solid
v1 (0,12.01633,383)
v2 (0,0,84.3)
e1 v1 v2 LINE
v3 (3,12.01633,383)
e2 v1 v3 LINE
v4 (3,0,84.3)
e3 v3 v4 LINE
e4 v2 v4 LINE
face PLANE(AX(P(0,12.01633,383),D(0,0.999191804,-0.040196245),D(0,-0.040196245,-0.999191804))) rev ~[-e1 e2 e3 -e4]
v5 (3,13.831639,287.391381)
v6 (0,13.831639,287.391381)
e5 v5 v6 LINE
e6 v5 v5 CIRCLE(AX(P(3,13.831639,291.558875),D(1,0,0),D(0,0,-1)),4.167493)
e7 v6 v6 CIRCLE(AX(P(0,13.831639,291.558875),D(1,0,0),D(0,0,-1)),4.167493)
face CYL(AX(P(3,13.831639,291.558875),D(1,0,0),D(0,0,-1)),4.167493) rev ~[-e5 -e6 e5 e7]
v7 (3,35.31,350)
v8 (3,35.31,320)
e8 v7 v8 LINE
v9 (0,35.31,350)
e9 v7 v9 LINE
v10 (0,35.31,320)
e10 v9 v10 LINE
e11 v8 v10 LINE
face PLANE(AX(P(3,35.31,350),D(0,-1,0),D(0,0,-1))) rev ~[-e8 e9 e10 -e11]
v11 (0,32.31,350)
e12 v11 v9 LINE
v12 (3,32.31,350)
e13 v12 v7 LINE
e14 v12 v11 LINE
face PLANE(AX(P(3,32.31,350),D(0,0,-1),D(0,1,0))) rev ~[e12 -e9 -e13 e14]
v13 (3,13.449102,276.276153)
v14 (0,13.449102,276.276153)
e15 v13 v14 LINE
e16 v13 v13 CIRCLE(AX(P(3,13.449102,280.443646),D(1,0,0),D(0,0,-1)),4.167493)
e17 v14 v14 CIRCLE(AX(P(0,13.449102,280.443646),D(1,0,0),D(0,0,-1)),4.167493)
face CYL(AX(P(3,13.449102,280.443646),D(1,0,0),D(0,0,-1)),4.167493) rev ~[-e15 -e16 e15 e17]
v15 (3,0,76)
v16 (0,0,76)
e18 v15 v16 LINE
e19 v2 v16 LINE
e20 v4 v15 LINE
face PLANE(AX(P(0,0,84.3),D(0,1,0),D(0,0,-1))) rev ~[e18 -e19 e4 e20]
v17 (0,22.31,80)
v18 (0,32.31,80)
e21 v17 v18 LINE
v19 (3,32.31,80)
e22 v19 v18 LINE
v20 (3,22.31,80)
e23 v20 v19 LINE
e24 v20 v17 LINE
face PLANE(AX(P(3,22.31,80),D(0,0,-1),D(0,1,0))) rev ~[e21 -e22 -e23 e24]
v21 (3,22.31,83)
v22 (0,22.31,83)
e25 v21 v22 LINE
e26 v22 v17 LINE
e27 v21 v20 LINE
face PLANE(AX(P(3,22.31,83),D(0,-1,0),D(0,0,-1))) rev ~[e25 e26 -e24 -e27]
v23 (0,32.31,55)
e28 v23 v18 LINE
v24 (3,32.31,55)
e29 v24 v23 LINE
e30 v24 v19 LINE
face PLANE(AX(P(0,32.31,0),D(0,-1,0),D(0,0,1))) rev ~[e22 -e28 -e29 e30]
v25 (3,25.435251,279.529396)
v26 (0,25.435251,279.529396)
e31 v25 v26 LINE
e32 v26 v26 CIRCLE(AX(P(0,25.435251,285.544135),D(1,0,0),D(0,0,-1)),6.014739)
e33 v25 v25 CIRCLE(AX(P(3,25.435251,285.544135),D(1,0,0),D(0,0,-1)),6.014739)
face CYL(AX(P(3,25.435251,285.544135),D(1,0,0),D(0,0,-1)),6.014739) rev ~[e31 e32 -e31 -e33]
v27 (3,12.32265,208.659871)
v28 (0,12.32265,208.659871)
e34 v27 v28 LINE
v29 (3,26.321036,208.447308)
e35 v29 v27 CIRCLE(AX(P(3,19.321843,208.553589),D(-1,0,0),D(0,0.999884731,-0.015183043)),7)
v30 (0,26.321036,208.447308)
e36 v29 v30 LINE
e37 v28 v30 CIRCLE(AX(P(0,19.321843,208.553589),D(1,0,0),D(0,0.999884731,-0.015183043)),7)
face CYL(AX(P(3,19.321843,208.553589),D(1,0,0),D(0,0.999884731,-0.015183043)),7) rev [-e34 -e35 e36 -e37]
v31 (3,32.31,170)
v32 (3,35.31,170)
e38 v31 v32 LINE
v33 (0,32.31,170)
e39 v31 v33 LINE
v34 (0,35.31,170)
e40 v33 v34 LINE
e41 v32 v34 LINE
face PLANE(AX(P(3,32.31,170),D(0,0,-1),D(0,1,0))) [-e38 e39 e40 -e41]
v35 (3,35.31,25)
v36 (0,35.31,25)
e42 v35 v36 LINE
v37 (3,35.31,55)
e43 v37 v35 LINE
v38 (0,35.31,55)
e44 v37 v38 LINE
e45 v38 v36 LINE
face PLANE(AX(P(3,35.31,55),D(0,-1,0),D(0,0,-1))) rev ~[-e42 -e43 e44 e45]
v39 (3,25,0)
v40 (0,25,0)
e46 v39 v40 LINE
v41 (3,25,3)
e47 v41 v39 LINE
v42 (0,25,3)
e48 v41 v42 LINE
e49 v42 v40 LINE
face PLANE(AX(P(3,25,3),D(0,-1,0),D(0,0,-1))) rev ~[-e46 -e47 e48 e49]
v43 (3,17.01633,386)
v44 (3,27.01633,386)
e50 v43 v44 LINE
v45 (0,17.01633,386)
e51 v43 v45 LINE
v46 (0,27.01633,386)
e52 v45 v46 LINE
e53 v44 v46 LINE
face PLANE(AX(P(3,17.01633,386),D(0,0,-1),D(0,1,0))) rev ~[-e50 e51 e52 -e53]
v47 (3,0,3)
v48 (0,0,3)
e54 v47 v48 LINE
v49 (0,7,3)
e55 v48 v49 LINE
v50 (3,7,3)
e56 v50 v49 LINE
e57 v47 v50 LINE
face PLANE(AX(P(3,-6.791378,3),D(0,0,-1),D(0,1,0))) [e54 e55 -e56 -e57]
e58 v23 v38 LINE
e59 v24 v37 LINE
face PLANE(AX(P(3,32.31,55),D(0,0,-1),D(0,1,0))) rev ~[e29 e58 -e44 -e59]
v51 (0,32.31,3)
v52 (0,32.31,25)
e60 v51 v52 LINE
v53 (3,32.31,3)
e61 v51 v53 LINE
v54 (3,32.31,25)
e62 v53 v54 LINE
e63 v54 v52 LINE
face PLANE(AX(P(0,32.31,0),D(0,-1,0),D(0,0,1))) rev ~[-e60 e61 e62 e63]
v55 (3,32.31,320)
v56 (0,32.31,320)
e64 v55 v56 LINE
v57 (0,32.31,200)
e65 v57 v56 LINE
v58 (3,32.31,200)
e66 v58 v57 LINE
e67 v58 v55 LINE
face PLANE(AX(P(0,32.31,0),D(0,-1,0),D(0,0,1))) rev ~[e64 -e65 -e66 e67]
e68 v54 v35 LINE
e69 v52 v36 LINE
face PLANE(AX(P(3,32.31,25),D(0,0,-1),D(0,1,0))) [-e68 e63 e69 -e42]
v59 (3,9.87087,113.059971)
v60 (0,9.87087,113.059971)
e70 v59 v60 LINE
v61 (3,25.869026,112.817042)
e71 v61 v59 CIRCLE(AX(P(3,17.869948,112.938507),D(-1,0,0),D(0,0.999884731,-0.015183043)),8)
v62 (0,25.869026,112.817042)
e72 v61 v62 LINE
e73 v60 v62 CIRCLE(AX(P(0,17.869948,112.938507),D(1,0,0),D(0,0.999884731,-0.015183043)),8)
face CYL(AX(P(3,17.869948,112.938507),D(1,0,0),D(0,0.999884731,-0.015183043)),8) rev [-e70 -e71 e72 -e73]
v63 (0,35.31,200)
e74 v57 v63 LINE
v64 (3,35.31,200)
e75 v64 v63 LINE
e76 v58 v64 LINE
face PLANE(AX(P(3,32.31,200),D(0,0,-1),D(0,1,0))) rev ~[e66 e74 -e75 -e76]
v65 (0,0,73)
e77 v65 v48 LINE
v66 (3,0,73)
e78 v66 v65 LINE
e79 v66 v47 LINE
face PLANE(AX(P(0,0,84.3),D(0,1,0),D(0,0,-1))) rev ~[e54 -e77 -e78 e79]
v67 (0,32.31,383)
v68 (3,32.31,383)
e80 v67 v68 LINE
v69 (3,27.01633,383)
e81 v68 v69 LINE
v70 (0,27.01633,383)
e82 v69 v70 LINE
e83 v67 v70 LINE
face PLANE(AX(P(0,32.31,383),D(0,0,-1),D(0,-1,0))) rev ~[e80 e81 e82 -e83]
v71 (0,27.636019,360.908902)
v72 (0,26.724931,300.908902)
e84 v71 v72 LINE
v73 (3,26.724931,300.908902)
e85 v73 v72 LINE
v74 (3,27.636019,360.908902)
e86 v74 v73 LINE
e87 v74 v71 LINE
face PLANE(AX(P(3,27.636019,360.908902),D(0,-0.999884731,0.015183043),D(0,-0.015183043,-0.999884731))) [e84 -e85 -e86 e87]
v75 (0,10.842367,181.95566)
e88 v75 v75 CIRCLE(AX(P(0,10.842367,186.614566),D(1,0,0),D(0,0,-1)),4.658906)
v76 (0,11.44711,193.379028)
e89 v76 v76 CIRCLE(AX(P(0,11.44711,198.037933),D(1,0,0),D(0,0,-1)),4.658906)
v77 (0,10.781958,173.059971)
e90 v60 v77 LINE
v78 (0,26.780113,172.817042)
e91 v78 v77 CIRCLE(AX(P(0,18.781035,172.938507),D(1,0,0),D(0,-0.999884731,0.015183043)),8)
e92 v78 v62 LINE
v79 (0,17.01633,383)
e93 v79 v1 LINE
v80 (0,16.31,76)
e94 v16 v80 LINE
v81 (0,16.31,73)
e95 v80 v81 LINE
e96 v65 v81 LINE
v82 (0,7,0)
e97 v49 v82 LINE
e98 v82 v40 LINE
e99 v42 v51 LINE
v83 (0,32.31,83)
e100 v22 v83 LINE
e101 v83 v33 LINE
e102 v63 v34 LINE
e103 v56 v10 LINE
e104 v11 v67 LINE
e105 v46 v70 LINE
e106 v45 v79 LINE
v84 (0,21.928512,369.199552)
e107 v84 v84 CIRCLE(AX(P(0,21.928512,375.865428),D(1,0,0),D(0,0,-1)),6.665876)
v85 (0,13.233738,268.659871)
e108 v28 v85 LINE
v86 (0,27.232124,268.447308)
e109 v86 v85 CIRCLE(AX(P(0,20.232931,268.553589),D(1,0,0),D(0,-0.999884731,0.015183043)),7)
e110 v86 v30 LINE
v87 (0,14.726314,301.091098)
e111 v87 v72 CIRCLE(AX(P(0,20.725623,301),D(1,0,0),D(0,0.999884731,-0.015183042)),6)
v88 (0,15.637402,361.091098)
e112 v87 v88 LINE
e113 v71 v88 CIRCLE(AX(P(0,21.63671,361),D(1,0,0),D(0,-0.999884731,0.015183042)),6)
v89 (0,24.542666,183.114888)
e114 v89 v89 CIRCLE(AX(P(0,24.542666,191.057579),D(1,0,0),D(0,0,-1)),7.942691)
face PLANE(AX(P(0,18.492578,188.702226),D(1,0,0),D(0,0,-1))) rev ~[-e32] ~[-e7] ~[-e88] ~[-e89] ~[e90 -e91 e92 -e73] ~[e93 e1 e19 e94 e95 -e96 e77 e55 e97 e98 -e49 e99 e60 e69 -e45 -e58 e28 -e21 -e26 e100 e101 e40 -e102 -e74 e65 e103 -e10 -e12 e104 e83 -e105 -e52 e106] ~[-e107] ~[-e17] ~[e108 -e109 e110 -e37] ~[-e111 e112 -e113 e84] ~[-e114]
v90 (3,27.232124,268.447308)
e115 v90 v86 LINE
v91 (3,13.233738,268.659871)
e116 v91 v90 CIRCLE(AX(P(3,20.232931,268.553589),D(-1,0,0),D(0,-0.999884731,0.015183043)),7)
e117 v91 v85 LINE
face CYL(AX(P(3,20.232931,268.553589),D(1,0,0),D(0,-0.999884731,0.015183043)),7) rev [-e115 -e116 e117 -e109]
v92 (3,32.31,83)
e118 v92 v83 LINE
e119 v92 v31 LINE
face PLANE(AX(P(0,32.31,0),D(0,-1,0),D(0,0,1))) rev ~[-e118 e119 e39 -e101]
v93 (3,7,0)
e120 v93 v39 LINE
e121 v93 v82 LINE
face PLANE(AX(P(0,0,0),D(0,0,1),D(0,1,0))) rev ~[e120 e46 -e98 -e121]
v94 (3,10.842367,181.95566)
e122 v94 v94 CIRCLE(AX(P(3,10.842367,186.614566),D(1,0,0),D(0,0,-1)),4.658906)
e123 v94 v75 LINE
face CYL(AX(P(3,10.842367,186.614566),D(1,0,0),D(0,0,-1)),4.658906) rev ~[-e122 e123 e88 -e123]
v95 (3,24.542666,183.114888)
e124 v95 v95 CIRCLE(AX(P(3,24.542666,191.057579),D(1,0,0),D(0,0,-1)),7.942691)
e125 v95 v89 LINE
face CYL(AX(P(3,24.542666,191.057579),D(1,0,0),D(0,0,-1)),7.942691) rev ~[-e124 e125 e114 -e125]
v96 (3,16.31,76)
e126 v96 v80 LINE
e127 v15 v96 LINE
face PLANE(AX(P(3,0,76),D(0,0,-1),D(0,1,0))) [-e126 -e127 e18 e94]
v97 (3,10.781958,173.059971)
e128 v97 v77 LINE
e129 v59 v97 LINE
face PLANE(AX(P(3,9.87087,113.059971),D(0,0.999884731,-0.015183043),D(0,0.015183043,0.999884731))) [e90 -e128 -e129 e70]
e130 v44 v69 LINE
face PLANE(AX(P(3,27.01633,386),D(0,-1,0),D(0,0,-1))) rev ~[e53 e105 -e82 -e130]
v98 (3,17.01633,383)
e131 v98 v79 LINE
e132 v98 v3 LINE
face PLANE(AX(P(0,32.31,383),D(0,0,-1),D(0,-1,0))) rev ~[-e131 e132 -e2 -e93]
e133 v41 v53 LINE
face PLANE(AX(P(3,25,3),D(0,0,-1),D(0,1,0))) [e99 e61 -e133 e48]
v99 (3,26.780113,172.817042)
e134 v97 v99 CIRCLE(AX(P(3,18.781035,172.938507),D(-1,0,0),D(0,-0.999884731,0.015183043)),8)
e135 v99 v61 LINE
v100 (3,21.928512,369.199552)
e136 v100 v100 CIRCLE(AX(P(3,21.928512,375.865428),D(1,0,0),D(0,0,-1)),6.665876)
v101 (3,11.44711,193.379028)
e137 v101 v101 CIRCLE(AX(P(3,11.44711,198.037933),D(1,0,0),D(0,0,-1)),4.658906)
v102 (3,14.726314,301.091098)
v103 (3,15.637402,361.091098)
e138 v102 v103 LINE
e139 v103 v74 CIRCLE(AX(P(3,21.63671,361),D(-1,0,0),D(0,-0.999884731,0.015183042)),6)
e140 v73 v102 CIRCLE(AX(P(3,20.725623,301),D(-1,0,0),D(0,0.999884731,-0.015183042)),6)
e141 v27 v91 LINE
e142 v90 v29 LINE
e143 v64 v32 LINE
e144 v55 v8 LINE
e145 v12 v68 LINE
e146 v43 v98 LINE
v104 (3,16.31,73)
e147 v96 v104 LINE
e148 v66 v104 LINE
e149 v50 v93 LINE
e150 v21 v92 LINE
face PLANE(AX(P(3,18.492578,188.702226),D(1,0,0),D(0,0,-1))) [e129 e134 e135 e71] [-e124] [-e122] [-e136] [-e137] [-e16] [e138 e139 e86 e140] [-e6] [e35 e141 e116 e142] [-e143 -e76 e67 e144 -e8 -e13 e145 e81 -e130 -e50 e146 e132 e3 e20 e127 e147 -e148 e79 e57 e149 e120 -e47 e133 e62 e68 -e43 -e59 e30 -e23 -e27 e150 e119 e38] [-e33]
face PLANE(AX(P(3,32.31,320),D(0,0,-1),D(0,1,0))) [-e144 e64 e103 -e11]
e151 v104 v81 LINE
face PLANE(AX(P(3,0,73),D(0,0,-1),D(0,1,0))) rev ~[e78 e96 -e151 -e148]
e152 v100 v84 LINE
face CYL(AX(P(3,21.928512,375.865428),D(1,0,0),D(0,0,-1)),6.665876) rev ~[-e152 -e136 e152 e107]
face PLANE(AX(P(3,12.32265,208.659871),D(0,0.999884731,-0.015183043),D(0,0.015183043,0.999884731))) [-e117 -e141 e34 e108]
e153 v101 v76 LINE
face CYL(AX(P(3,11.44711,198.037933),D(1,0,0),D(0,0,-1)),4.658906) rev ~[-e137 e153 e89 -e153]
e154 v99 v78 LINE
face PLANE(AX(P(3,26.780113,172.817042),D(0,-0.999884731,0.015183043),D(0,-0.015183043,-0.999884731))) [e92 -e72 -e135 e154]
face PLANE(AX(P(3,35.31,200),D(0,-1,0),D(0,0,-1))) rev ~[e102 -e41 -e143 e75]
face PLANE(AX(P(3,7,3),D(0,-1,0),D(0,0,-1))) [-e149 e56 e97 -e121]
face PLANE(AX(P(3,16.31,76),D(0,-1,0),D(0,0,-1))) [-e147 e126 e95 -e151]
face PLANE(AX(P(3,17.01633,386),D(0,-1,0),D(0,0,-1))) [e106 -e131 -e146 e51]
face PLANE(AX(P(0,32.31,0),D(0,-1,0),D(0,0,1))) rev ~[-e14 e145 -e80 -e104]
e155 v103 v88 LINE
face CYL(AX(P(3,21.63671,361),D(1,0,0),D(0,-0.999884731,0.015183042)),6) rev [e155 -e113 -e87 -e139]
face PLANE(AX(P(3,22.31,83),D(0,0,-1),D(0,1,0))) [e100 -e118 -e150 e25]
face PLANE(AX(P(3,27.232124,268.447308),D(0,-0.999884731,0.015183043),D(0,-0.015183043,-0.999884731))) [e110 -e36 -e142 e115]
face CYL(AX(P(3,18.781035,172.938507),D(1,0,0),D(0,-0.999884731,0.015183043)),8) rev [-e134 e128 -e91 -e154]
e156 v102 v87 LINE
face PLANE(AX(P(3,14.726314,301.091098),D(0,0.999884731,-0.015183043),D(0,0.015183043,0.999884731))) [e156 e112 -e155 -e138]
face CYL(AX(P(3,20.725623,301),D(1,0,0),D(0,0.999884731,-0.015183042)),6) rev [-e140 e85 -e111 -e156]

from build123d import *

# Parameters (mm, degrees)
BOSS_EXTRUDE1_DEPTH = 3
SKETCH2_W           = 3
SKETCH2_H           = 10
SKETCH2_W_2         = 30
SKETCH2_H_2         = 3
BOSS_EXTRUDE2_DEPTH = 3
CUT_EXTRUDE1_DEPTH  = 10
SKETCH4_W           = 3
SKETCH4_H           = 10
SKETCH4_H_2         = 16.31
CUT_EXTRUDE2_DEPTH  = 10
SKETCH5_W           = 3
SKETCH5_H           = 13.703534411
SKETCH5_H_2         = 13.791377581
CUT_EXTRUDE3_DEPTH  = 10
SKETCH6_R           = 6.665876203
SKETCH6_R_2         = 6.014739453
SKETCH6_R_3         = 4.167493344
SKETCH6_R_4         = 7.942691131
SKETCH6_R_5         = 4.658905865
CUT_EXTRUDE4_DEPTH  = 10


with BuildPart() as part:
    # Sketch1 → Boss-Extrude1 (new body)
    with BuildSketch(Plane(origin=(0, 0, 0), x_dir=(0, 0, -1), z_dir=(1, 0, 0))):
        Polygon((-383, 12.016330065), (-84.3, 0), (0, 0), (0, 32.31), (-383, 32.31), align=None)
    extrude(amount=BOSS_EXTRUDE1_DEPTH)

    # Sketch2 → Boss-Extrude2 (add)
    with BuildSketch(Plane(origin=(3, 0, 0), x_dir=(0, 0, -1), z_dir=(1, 0, 0))):
        with Locations((-384.5, 22.016330065)):
            Rectangle(SKETCH2_W, SKETCH2_H)
        with Locations((-335, 33.81)):
            Rectangle(SKETCH2_W_2, SKETCH2_H_2)
        with Locations((-40, 33.81)):
            Rectangle(SKETCH2_W_2, SKETCH2_H_2)
        with Locations((-185, 33.81)):
            Rectangle(SKETCH2_W_2, SKETCH2_H_2)
    extrude(amount=-BOSS_EXTRUDE2_DEPTH)

    # Sketch3 → Cut-Extrude1 (cut)
    with BuildSketch(Plane(origin=(3, 0, 0), x_dir=(0, 0, -1), z_dir=(1, 0, 0))):
        with BuildLine():
            Line((-360.908901745, 27.636018628), (-300.908901745, 26.724931053))
            ThreePointArc((-300.908901745, 26.724931053), (-295.000691614, 20.634524412), (-301.091098255, 14.726314282))
            Line((-301.091098255, 14.726314282), (-361.091098255, 15.637401857))
            ThreePointArc((-361.091098255, 15.637401857), (-366.999308386, 21.727808498), (-360.908901745, 27.636018628))
        make_face()
        with BuildLine():
            Line((-268.447308122, 27.232123759), (-208.447308122, 26.321036184))
            ThreePointArc((-208.447308122, 26.321036184), (-201.554396303, 19.215561769), (-208.659870718, 12.32264995))
            Line((-208.659870718, 12.32264995), (-268.659870718, 13.233737525))
            ThreePointArc((-268.659870718, 13.233737525), (-275.552782537, 20.33921194), (-268.447308122, 27.232123759))
        make_face()
        with BuildLine():
            Line((-172.817042181, 26.780113256), (-112.817042181, 25.869025681))
            ThreePointArc((-112.817042181, 25.869025681), (-104.939428674, 17.748483493), (-113.059970863, 9.870869986))
            Line((-113.059970863, 9.870869986), (-173.059970863, 10.781957561))
            ThreePointArc((-173.059970863, 10.781957561), (-180.93758437, 18.902499749), (-172.817042181, 26.780113256))
        make_face()
    extrude(amount=-CUT_EXTRUDE1_DEPTH, mode=Mode.SUBTRACT)

    # Sketch4 → Cut-Extrude2 (cut)
    with BuildSketch(Plane(origin=(3, 0, 0), x_dir=(0, 0, -1), z_dir=(1, 0, 0))):
        with Locations((-81.5, 27.31)):
            Rectangle(SKETCH4_W, SKETCH4_H)
        with Locations((-74.5, 8.155)):
            Rectangle(SKETCH4_W, SKETCH4_H_2)
    extrude(amount=-CUT_EXTRUDE2_DEPTH, mode=Mode.SUBTRACT)

    # Sketch5 → Cut-Extrude3 (cut)
    with BuildSketch(Plane(origin=(3, 0, 0), x_dir=(0, 0, -1), z_dir=(1, 0, 0))):
        with Locations((-1.5, 31.851767205)):
            Rectangle(SKETCH5_W, SKETCH5_H)
        with Locations((-1.5, 0.104311209)):
            Rectangle(SKETCH5_W, SKETCH5_H_2)
    extrude(amount=-CUT_EXTRUDE3_DEPTH, mode=Mode.SUBTRACT)

    # Sketch6 → Cut-Extrude4 (cut)
    with BuildSketch(Plane(origin=(3, 0, 0), x_dir=(0, 0, -1), z_dir=(1, 0, 0))):
        with Locations((-375.865428414, 21.928511603)):
            Circle(SKETCH6_R)
        with Locations((-285.544135062, 25.435251305)):
            Circle(SKETCH6_R_2)
        with Locations((-280.443646207, 13.449102496)):
            Circle(SKETCH6_R_3)
        with Locations((-291.558874515, 13.83163916)):
            Circle(SKETCH6_R_3)
        with Locations((-191.057579024, 24.542665756)):
            Circle(SKETCH6_R_4)
        with Locations((-186.614565866, 10.842366657)):
            Circle(SKETCH6_R_5)
        with Locations((-198.037933391, 11.447109955)):
            Circle(SKETCH6_R_5)
    extrude(amount=-CUT_EXTRUDE4_DEPTH, mode=Mode.SUBTRACT)


solid = part.part
